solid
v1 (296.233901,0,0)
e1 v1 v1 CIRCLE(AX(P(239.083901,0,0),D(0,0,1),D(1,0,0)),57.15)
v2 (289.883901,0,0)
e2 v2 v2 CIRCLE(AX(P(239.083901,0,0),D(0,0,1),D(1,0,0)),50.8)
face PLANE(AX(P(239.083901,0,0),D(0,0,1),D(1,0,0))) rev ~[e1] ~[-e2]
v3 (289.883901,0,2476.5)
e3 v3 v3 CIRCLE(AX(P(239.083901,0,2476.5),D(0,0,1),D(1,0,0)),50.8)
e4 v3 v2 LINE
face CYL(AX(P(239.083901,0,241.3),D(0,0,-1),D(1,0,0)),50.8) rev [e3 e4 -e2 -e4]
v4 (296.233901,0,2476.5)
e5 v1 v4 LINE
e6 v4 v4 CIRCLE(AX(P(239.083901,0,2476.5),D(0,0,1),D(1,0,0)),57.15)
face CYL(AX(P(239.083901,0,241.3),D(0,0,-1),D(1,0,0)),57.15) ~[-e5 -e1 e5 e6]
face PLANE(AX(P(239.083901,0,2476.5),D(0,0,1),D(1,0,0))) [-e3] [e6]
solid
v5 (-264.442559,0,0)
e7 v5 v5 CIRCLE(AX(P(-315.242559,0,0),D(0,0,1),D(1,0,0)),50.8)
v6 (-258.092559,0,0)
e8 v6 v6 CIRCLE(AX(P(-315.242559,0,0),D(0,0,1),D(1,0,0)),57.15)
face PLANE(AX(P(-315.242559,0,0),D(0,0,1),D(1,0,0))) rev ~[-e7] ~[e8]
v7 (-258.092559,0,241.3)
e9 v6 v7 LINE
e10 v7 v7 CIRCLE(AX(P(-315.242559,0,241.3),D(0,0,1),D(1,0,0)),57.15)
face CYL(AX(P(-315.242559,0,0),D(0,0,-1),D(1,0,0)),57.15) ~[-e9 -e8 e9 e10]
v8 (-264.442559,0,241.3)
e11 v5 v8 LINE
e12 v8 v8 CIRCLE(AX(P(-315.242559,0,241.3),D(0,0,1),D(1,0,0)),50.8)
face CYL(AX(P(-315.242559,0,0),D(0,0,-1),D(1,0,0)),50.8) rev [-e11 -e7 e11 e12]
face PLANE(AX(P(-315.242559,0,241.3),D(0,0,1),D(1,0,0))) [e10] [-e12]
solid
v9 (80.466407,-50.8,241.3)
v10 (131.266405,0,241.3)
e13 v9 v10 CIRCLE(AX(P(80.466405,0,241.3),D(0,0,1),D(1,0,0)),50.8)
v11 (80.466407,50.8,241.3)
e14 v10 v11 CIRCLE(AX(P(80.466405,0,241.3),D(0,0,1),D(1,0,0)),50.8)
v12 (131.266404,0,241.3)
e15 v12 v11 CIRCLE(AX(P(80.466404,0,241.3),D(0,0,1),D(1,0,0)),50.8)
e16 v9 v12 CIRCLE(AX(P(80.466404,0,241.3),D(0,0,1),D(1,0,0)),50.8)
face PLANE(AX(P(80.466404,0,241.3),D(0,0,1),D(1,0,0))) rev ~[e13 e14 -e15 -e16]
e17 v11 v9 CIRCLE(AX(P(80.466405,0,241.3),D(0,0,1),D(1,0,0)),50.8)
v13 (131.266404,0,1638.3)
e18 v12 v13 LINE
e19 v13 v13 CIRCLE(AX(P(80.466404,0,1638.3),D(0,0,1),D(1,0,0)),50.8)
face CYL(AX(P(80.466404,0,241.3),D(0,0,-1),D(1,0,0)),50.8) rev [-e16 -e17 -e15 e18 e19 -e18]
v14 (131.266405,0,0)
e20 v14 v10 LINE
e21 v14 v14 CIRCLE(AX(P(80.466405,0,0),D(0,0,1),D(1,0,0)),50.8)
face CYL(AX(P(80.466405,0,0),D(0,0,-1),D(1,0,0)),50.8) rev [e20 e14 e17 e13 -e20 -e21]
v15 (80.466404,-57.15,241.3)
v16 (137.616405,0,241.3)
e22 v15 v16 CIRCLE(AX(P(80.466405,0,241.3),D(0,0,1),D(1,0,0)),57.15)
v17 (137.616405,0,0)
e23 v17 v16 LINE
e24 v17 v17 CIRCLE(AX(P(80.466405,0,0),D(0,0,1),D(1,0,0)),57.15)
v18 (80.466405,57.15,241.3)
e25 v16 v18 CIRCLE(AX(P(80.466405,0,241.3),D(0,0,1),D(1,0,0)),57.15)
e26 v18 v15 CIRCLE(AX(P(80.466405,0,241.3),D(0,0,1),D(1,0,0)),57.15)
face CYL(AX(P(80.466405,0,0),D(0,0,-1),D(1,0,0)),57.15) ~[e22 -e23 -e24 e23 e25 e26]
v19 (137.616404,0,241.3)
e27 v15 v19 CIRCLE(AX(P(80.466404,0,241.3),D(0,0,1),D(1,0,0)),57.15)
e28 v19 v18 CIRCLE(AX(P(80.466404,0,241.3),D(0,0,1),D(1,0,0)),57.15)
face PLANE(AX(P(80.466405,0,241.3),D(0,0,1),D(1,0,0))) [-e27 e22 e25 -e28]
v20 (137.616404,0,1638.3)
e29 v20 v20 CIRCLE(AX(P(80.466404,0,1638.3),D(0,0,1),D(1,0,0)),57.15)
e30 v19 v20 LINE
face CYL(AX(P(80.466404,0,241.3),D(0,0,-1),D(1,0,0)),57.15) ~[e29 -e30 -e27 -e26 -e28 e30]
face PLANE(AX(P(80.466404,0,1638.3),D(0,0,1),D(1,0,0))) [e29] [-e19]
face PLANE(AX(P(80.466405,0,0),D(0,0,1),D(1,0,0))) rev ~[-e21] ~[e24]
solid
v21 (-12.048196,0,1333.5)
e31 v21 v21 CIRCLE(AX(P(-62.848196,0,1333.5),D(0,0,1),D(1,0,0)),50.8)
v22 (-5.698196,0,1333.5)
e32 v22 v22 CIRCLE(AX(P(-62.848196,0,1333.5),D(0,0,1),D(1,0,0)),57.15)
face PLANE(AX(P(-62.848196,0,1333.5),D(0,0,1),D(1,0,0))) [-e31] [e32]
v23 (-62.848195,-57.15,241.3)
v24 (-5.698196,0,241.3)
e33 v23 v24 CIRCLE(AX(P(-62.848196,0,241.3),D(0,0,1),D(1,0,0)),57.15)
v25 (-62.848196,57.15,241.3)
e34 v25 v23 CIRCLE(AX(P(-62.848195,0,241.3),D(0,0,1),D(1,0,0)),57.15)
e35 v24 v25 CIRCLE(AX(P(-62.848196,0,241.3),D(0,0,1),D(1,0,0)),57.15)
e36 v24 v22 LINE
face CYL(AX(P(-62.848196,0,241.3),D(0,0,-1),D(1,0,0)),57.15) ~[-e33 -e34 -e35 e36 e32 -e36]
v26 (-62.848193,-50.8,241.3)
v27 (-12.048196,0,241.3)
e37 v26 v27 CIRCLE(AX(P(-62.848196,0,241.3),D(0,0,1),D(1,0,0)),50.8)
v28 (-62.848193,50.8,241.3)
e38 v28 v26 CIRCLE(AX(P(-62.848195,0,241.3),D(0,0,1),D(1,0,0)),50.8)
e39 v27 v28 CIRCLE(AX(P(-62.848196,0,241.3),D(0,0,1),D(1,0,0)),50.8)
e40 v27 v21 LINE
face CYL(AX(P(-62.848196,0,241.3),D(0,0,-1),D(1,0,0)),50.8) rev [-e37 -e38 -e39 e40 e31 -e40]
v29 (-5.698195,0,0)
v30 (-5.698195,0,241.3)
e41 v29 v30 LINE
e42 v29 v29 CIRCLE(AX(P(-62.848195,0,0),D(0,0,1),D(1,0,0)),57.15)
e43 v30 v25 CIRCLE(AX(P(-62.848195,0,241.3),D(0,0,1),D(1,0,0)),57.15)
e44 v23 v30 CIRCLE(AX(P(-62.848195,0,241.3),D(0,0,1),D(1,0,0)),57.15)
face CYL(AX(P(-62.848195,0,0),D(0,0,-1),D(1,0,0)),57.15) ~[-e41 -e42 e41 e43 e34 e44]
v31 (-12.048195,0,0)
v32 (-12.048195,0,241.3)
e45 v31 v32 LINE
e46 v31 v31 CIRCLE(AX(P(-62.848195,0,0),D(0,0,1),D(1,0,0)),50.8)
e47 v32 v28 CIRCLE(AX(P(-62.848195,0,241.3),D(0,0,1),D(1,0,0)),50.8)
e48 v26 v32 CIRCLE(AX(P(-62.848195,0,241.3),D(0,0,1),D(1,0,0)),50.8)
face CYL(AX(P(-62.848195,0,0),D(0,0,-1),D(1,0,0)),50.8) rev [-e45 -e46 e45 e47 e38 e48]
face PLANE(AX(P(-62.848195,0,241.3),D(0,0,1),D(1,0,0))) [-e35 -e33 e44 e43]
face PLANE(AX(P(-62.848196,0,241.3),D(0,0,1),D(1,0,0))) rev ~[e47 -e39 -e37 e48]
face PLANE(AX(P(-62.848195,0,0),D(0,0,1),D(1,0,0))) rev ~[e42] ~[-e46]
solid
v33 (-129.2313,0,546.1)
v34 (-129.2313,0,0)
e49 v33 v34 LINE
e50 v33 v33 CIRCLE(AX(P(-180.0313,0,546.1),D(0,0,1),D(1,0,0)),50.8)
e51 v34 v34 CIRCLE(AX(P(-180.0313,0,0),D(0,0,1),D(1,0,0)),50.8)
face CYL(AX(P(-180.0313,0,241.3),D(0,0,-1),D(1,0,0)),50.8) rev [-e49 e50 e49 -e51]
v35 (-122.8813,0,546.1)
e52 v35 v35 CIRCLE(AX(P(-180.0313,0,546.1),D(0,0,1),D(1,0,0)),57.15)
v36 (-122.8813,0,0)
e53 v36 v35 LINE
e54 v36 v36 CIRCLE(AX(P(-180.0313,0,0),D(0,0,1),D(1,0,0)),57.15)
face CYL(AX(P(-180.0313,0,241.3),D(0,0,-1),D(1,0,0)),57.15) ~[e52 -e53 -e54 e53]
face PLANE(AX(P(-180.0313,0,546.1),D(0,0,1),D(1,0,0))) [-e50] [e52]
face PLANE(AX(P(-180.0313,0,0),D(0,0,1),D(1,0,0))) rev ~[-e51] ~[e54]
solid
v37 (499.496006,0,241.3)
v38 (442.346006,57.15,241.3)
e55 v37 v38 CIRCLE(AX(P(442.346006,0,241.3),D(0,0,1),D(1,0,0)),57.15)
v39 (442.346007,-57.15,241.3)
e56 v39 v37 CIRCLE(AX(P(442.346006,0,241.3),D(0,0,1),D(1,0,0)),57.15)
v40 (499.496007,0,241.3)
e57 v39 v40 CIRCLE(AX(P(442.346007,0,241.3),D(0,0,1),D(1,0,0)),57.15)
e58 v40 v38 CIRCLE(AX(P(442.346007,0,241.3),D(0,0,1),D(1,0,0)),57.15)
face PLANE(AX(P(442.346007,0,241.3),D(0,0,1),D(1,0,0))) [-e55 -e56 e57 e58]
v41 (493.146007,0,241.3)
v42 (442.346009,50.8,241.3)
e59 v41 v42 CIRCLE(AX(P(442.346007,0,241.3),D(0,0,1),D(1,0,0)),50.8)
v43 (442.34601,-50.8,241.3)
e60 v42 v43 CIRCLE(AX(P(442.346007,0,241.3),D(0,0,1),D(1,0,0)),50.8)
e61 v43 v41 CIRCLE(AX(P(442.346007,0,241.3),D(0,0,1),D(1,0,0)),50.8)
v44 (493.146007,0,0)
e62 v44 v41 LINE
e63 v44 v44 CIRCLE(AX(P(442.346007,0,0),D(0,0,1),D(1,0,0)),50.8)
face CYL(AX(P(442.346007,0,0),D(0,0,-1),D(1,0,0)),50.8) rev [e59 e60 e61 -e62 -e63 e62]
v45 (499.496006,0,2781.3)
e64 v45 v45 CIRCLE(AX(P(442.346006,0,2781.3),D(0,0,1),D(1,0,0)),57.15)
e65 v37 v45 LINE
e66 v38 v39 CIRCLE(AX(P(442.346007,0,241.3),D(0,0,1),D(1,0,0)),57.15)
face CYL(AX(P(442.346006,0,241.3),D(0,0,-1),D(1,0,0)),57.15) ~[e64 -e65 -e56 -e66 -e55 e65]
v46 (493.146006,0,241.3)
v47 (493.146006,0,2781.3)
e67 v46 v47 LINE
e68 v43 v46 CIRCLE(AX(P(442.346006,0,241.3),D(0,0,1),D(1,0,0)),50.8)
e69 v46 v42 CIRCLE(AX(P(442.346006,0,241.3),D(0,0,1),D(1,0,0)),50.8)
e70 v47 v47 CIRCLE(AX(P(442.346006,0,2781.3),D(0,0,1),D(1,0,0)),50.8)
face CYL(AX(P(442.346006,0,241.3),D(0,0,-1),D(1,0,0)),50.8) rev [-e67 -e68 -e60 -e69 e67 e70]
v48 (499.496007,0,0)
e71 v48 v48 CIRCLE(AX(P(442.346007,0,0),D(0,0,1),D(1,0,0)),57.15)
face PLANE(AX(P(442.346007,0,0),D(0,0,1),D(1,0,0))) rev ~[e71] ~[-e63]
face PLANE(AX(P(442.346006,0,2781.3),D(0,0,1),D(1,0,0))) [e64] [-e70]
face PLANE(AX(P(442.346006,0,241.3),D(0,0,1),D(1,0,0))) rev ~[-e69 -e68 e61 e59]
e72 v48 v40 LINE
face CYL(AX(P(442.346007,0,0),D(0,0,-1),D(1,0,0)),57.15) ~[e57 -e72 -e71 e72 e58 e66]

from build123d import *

# Parameters (mm, degrees)
F0_R        = 57.15
F0_R_2      = 50.8
F1_DEPTH    = 241.3
F1_FACE_R   = 57.15
F1_FACE_R_2 = 50.8
F2_DEPTH    = 304.8
F3_DEPTH    = 1092.2
F4_DEPTH    = 1397
F5_DEPTH    = 2235.2
F6_DEPTH    = 2540


with BuildPart() as f1:
    # F0 (on Top) → F1 (new body)
    with BuildSketch(Plane.XY):
        with Locations((-315.242559, 0)):
            Circle(F0_R)
        with Locations((-315.242559, 0)):
            Circle(F0_R_2, mode=Mode.SUBTRACT)
        with Locations((-180.0313, 0)):
            Circle(F0_R)
        with Locations((-180.0313, 0)):
            Circle(F0_R_2, mode=Mode.SUBTRACT)
        with Locations((-62.848195, 0)):
            Circle(F0_R)
        with Locations((-62.848195, 0)):
            Circle(F0_R_2, mode=Mode.SUBTRACT)
        with Locations((80.466405, 0)):
            Circle(F0_R)
        with Locations((80.466405, 0)):
            Circle(F0_R_2, mode=Mode.SUBTRACT)
        with Locations((239.083901, 0)):
            Circle(F0_R)
        with Locations((239.083901, 0)):
            Circle(F0_R_2, mode=Mode.SUBTRACT)
        with Locations((442.346007, 0)):
            Circle(F0_R)
        with Locations((442.346007, 0)):
            Circle(F0_R_2, mode=Mode.SUBTRACT)
    extrude(amount=F1_DEPTH)

    # F1_face (on face) → F2 (join)
    with BuildSketch(Plane(origin=(-180.0313, 0, 241.3), x_dir=(1, 0, 0), z_dir=(0, 0, 1))):
        Circle(F1_FACE_R)
        Circle(F1_FACE_R_2, mode=Mode.SUBTRACT)
    extrude(amount=F2_DEPTH)

    # F1_face (on face) → F3 (join)
    with BuildSketch(Plane(origin=(-180.0313, 0, 241.3), x_dir=(1, 0, 0), z_dir=(0, 0, 1))):
        with Locations((117.183104, 0)):
            Circle(F1_FACE_R)
        with Locations((117.183104, 0)):
            Circle(F1_FACE_R_2, mode=Mode.SUBTRACT)
    extrude(amount=F3_DEPTH)

    # F1_face (on face) → F4 (join)
    with BuildSketch(Plane(origin=(-180.0313, 0, 241.3), x_dir=(1, 0, 0), z_dir=(0, 0, 1))):
        with Locations((260.497704, 0)):
            Circle(F1_FACE_R)
        with Locations((260.497704, 0)):
            Circle(F1_FACE_R_2, mode=Mode.SUBTRACT)
    extrude(amount=F4_DEPTH)

    # F1_face (on face) → F5 (join)
    with BuildSketch(Plane(origin=(-180.0313, 0, 241.3), x_dir=(1, 0, 0), z_dir=(0, 0, 1))):
        with Locations((419.115201, 0)):
            Circle(F1_FACE_R)
        with Locations((419.115201, 0)):
            Circle(F1_FACE_R_2, mode=Mode.SUBTRACT)
    extrude(amount=F5_DEPTH)

    # F1_face (on face) → F6 (join)
    with BuildSketch(Plane(origin=(-180.0313, 0, 241.3), x_dir=(1, 0, 0), z_dir=(0, 0, 1))):
        with Locations((622.377306, 0)):
            Circle(F1_FACE_R)
        with Locations((622.377306, 0)):
            Circle(F1_FACE_R_2, mode=Mode.SUBTRACT)
    extrude(amount=F6_DEPTH)


solid = f1.part
